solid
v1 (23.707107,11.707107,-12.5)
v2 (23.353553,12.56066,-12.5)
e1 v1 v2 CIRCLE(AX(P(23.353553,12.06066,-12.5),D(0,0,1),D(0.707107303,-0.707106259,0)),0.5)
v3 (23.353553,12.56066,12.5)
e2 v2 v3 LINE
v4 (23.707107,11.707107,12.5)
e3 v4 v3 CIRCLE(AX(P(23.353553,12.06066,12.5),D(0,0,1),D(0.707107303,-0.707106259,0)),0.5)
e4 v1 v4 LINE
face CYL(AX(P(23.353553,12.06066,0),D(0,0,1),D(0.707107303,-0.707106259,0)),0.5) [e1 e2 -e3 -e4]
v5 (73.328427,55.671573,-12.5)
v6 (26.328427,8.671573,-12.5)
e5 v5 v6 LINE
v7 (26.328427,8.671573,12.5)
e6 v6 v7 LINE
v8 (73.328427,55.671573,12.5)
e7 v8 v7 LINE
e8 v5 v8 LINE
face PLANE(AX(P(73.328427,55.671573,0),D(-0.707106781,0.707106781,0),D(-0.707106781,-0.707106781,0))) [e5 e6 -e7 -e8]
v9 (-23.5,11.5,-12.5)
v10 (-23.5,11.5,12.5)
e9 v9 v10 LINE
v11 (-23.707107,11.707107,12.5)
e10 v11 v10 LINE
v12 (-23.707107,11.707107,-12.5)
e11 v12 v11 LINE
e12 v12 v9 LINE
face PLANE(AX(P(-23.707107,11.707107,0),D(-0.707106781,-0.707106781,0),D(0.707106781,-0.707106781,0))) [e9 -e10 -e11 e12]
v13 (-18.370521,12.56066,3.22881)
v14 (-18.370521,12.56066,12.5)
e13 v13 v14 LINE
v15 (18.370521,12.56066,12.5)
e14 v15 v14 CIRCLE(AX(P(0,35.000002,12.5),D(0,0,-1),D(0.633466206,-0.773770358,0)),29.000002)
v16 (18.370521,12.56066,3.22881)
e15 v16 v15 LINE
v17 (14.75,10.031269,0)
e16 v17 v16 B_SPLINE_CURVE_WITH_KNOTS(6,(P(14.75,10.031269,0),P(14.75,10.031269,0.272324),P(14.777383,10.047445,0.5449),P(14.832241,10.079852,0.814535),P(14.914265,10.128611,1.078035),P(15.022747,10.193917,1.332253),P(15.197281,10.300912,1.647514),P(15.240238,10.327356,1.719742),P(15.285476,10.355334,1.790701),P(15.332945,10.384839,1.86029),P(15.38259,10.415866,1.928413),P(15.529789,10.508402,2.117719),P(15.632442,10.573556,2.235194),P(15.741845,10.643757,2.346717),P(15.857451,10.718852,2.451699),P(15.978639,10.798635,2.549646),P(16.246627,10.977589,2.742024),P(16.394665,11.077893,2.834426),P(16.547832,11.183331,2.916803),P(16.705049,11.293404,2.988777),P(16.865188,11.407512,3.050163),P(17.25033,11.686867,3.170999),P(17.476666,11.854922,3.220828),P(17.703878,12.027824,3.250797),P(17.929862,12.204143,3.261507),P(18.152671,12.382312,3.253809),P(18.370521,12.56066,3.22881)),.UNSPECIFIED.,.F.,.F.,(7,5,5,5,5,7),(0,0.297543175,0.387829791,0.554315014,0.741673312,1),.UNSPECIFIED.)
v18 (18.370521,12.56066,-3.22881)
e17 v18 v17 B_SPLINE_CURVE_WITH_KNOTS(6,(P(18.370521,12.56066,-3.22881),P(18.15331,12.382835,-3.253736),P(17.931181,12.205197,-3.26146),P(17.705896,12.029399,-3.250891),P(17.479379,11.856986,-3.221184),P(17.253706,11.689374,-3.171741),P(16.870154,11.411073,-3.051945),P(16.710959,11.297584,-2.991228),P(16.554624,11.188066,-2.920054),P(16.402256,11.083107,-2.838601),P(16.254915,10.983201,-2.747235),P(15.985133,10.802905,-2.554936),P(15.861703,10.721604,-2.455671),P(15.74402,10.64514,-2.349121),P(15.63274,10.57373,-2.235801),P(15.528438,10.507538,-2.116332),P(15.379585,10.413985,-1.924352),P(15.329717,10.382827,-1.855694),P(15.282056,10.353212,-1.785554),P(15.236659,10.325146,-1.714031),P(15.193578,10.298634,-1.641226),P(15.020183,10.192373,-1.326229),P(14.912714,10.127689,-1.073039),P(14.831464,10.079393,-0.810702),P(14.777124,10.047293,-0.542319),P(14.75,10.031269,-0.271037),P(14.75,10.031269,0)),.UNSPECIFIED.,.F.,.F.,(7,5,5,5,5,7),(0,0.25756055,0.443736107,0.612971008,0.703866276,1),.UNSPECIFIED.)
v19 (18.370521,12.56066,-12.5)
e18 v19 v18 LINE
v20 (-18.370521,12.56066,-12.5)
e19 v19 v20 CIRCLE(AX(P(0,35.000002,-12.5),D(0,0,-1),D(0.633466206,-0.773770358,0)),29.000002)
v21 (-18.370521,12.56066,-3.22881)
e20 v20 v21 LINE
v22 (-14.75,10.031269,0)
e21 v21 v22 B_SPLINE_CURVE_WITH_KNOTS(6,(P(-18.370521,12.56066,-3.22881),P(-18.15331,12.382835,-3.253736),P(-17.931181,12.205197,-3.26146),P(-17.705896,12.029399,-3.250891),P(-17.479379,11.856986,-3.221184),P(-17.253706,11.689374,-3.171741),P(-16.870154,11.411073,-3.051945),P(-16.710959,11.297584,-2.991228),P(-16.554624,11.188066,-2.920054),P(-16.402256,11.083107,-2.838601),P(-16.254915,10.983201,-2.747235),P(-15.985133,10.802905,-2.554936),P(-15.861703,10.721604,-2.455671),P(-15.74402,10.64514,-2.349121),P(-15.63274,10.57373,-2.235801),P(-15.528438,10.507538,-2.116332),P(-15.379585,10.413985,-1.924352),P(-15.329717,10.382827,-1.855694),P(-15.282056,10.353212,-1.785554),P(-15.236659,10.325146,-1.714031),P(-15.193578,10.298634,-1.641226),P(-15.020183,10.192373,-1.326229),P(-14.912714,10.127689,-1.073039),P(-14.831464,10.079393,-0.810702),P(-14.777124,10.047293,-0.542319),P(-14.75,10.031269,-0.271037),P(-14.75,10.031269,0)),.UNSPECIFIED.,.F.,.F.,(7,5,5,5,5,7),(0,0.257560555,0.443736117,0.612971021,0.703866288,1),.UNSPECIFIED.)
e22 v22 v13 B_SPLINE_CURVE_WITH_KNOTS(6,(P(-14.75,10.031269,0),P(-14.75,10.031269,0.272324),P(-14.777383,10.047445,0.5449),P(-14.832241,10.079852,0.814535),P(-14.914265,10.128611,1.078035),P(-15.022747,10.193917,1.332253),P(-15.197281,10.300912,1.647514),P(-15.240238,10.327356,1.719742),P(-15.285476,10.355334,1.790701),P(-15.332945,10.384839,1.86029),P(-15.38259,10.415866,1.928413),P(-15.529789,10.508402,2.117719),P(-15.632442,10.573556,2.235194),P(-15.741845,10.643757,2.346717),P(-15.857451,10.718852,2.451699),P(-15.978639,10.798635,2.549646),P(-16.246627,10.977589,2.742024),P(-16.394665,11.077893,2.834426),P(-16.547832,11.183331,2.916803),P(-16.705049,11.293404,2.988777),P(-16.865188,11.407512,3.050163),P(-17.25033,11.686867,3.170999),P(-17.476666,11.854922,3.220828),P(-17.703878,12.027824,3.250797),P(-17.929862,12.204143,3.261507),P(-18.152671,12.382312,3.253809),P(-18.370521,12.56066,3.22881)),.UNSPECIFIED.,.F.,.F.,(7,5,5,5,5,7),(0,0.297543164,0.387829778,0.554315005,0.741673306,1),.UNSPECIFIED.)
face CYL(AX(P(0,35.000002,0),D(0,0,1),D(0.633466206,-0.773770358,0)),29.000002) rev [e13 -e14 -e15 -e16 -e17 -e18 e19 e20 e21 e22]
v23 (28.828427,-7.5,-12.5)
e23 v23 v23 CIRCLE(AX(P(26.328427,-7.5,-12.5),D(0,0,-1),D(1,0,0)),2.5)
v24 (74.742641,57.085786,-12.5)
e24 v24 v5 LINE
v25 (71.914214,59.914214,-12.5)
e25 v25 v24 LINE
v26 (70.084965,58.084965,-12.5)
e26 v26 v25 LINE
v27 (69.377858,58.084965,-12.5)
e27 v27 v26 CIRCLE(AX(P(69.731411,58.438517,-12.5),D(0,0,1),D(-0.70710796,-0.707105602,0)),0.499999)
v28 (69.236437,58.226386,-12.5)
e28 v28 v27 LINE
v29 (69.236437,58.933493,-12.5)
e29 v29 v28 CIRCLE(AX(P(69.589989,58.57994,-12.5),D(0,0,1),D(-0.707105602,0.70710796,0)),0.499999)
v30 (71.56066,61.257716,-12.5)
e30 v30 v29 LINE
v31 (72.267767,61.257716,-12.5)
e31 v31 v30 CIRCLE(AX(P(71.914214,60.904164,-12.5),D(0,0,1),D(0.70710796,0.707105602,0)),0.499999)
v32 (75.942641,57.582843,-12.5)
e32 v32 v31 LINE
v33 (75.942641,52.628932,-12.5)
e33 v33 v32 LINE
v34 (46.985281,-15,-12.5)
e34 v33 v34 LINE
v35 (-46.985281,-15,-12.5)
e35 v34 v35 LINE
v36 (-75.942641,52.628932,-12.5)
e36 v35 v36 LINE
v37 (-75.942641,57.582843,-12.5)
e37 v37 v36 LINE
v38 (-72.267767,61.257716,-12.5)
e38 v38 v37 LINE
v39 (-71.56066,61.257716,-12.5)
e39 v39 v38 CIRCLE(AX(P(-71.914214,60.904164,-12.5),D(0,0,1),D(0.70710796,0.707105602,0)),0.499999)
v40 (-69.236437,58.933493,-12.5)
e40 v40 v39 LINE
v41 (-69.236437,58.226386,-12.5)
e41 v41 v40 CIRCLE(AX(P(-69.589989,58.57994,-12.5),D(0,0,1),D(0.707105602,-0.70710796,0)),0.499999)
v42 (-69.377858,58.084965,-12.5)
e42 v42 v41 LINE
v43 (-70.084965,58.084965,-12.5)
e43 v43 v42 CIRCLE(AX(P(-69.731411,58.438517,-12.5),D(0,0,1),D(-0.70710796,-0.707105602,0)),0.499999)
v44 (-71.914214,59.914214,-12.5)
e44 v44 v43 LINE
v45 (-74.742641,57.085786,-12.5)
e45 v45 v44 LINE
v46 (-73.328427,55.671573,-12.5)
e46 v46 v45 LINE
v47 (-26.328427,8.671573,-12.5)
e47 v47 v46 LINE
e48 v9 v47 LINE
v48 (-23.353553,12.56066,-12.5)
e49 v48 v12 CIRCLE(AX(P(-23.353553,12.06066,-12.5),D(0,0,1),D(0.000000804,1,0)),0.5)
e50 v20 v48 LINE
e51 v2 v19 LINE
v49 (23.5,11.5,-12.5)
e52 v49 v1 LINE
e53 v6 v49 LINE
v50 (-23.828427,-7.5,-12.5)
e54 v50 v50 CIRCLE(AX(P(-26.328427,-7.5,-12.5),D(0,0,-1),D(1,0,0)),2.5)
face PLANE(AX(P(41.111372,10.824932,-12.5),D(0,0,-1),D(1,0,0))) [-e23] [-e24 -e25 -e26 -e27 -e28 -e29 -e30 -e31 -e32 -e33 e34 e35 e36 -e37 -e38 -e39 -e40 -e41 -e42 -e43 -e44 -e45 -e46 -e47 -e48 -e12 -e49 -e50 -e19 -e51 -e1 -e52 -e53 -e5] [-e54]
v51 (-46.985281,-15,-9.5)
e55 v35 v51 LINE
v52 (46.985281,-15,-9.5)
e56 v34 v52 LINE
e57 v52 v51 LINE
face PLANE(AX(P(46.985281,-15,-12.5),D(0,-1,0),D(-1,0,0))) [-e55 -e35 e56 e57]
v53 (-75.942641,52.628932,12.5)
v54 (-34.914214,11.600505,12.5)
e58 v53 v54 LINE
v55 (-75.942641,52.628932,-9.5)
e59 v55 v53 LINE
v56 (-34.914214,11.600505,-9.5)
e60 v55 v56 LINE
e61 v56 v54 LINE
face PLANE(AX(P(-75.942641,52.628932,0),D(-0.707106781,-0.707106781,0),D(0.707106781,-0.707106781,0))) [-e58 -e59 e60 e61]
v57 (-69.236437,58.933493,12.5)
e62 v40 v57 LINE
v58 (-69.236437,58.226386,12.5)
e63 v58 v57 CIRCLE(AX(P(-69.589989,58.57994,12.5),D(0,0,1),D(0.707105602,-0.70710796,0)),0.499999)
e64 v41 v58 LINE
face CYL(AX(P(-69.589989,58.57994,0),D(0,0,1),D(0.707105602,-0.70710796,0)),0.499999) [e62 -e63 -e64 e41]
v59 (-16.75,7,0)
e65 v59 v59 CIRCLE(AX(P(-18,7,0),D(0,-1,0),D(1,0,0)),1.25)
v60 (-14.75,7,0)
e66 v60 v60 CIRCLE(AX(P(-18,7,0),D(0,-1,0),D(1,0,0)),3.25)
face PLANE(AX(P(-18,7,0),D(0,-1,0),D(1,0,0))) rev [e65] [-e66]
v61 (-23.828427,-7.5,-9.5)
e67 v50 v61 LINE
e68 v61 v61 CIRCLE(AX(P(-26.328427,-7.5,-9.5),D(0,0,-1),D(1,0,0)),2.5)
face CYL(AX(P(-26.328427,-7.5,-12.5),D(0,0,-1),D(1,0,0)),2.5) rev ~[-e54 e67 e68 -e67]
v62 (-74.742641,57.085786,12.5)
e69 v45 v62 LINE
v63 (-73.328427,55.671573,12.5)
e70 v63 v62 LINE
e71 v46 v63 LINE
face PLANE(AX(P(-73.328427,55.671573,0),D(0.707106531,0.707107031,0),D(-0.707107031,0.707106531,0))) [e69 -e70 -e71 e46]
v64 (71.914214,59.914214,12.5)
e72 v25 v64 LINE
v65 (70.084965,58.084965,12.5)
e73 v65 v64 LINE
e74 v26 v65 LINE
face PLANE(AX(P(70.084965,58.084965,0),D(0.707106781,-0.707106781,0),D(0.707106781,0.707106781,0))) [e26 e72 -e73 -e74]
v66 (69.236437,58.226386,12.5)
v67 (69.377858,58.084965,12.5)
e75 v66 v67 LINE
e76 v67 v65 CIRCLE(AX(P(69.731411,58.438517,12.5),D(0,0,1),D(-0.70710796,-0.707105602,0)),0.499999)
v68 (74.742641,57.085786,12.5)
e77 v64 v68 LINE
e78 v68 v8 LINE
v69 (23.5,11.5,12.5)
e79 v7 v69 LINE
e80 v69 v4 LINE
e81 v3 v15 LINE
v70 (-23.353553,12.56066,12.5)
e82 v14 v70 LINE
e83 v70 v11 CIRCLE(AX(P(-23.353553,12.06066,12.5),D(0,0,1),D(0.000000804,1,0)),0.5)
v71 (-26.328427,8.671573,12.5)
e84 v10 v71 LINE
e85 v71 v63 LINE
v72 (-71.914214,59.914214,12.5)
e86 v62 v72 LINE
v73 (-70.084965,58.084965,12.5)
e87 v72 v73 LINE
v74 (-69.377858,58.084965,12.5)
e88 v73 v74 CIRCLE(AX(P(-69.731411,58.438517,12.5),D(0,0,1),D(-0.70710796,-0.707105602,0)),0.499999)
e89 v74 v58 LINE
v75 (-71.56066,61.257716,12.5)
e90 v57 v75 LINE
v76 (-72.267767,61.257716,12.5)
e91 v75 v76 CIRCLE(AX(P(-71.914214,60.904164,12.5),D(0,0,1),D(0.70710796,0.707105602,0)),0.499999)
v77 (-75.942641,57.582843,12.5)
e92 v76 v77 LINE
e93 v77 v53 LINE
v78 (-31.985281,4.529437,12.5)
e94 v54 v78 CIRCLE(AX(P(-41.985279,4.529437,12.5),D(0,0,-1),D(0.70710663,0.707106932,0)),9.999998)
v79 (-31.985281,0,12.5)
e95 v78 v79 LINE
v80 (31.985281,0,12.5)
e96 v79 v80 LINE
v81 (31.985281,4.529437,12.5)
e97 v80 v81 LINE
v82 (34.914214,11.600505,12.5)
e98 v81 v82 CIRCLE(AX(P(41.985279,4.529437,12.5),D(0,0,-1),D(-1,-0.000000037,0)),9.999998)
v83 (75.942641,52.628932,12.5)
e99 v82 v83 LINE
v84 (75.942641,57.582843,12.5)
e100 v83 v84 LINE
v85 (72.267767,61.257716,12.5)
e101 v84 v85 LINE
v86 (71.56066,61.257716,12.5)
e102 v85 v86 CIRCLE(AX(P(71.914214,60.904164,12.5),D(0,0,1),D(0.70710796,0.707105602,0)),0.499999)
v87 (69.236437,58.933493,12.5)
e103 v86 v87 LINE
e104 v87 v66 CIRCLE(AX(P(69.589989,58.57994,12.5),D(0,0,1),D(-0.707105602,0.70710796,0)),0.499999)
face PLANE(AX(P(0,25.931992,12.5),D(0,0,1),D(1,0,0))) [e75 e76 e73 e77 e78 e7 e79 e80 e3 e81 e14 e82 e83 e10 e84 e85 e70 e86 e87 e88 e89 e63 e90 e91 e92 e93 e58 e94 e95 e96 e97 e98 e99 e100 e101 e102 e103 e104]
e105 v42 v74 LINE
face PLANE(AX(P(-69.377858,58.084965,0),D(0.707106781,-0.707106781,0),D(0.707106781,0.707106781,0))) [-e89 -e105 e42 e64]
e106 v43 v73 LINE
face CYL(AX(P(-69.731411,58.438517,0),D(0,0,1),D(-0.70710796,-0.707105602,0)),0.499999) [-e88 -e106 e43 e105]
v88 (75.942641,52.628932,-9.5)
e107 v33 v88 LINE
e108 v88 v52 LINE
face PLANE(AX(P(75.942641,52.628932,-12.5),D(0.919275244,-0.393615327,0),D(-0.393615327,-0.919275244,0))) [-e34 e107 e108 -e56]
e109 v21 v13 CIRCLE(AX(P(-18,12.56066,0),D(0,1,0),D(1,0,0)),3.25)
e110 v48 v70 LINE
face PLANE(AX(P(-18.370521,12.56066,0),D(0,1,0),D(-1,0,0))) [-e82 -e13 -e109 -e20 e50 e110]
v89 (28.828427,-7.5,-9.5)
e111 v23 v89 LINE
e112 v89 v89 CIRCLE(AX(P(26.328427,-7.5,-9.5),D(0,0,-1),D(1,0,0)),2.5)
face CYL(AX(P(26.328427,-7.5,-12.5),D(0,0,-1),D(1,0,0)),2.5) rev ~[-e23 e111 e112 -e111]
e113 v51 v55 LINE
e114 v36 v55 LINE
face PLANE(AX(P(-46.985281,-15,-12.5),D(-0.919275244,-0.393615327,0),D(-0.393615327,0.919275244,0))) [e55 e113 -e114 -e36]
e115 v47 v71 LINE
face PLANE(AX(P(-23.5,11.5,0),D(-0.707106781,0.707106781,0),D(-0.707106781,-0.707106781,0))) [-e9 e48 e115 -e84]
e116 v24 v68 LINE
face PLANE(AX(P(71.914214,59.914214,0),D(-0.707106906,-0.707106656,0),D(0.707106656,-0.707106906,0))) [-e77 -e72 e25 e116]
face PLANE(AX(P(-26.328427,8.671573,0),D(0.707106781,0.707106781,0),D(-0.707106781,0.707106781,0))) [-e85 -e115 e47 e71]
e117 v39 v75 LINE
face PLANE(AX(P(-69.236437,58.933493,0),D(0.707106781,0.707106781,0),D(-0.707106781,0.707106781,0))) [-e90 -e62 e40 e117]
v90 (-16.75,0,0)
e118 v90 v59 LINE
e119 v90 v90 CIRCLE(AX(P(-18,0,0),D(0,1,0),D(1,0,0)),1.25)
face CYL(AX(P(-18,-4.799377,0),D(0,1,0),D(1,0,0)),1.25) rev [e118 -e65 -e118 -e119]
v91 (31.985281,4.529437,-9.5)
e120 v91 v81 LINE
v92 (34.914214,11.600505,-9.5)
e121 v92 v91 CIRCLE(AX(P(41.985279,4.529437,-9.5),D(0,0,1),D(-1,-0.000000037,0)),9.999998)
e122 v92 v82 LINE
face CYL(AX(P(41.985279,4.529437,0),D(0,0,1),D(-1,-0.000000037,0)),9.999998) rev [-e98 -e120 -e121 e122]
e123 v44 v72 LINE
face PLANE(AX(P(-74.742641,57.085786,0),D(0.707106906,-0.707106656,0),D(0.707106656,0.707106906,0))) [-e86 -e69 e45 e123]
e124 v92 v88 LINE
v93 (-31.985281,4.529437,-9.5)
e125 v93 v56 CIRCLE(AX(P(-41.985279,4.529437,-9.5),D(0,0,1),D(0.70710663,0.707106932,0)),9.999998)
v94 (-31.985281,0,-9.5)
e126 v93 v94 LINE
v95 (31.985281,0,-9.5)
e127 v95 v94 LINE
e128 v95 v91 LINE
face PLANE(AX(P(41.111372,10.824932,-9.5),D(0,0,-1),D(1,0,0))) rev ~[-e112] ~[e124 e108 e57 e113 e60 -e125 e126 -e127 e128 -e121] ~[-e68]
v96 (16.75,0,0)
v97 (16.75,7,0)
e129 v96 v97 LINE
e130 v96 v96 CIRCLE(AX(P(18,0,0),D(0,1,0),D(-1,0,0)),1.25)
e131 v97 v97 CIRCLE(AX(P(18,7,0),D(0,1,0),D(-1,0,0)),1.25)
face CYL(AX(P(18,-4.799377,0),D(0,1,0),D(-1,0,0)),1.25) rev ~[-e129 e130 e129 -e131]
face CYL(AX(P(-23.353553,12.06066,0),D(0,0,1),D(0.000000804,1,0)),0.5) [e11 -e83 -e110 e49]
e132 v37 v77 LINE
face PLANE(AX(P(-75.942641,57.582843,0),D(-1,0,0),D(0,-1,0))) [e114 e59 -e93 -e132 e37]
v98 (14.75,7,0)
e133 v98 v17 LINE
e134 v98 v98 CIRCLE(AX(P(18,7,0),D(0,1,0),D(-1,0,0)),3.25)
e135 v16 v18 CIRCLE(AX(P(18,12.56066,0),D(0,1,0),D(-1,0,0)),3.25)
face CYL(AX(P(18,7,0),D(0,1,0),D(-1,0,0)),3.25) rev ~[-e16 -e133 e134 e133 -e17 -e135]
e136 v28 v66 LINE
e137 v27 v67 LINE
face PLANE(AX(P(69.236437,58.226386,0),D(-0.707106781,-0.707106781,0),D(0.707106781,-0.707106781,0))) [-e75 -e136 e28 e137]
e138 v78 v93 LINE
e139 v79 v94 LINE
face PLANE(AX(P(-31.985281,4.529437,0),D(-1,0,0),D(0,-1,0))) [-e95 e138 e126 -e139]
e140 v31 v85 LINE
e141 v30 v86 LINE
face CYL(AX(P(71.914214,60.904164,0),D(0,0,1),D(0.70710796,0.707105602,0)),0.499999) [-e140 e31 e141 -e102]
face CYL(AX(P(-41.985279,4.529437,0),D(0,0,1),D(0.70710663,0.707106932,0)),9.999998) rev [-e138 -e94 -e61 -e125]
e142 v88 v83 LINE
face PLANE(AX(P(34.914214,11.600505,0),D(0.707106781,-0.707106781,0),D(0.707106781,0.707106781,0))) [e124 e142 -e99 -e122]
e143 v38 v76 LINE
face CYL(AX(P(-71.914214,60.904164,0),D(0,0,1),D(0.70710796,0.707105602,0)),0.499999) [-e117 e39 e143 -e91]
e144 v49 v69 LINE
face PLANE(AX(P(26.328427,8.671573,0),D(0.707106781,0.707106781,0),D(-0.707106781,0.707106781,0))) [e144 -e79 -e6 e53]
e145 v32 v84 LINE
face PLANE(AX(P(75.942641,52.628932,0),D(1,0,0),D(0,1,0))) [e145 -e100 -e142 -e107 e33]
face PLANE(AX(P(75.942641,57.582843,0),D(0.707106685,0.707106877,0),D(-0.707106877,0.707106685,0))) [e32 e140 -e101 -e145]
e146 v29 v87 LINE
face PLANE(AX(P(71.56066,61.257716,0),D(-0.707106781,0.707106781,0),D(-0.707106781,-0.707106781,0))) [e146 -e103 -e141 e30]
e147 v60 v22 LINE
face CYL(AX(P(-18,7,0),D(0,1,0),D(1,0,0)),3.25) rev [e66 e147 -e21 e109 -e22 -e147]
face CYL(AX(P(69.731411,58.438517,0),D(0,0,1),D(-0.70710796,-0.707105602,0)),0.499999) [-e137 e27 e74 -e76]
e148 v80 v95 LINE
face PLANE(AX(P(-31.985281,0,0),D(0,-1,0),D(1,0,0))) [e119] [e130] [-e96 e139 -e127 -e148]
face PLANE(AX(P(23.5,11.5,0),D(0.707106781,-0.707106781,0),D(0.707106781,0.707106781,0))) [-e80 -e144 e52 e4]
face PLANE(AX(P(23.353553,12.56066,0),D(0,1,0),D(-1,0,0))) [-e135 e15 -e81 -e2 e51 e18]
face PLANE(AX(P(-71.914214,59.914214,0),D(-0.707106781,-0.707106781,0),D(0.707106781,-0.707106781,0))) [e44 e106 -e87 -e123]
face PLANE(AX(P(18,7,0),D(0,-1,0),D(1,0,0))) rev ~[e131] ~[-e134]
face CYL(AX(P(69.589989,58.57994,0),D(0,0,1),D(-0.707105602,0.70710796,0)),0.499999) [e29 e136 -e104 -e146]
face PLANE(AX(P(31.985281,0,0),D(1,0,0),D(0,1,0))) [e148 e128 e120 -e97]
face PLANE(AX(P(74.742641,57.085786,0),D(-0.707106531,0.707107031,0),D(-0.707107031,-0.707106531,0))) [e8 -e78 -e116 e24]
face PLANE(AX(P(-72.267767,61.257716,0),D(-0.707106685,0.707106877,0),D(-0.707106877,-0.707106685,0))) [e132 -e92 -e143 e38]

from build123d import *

# Parameters (mm, degrees)
F1_DEPTH = 12.5
F6_R     = 2.5
F7_DEPTH = 3


with BuildPart() as f1:
    # F0 (on Top) → F1 (new body, symmetric)
    with BuildSketch(Plane.XY):
        with BuildLine():
            Line((0, 0), (31.985281, 0))
            Line((31.985281, 0), (31.985281, 4.529437))
            ThreePointArc((31.985281, 4.529437), (32.746486, 8.356272), (34.914214, 11.600505))
            Line((34.914214, 11.600505), (75.942641, 52.628932))
            Line((75.942641, 52.628932), (75.942641, 57.582843))
            Line((75.942641, 57.582843), (72.267767, 61.257716))
            ThreePointArc((72.267767, 61.257716), (71.914214, 61.404163), (71.56066, 61.257716))
            Line((71.56066, 61.257716), (69.236437, 58.933493))
            ThreePointArc((69.236437, 58.933493), (69.08999, 58.57994), (69.236437, 58.226386))
            Line((69.236437, 58.226386), (69.377858, 58.084965))
            ThreePointArc((69.377858, 58.084965), (69.731411, 57.938518), (70.084965, 58.084965))
            Line((70.084965, 58.084965), (70.5, 58.5))
            Line((70.5, 58.5), (71.914214, 59.914214))
            Line((71.914214, 59.914214), (74.742641, 57.085786))
            Line((74.742641, 57.085786), (73.328427, 55.671573))
            Line((73.328427, 55.671573), (26.328427, 8.671573))
            Line((26.328427, 8.671573), (23.5, 11.5))
            Line((23.5, 11.5), (23.707107, 11.707107))
            ThreePointArc((23.707107, 11.707107), (23.815493, 12.252002), (23.353553, 12.56066))
            Line((23.353553, 12.56066), (18.370521, 12.56066))
            ThreePointArc((18.370521, 12.56066), (0, 6), (-18.370521, 12.56066))
            Line((-18.370521, 12.56066), (-23.353553, 12.56066))
            ThreePointArc((-23.353553, 12.56066), (-23.815493, 12.252002), (-23.707107, 11.707107))
            Line((-23.707107, 11.707107), (-23.5, 11.5))
            Line((-23.5, 11.5), (-26.328427, 8.671573))
            Line((-26.328427, 8.671573), (-73.328427, 55.671573))
            Line((-73.328427, 55.671573), (-74.742641, 57.085786))
            Line((-74.742641, 57.085786), (-71.914214, 59.914214))
            Line((-71.914214, 59.914214), (-70.5, 58.5))
            Line((-70.5, 58.5), (-70.084965, 58.084965))
            ThreePointArc((-70.084965, 58.084965), (-69.731411, 57.938518), (-69.377858, 58.084965))
            Line((-69.377858, 58.084965), (-69.236437, 58.226386))
            ThreePointArc((-69.236437, 58.226386), (-69.08999, 58.57994), (-69.236437, 58.933493))
            Line((-69.236437, 58.933493), (-71.56066, 61.257716))
            ThreePointArc((-71.56066, 61.257716), (-71.914214, 61.404163), (-72.267767, 61.257716))
            Line((-72.267767, 61.257716), (-75.942641, 57.582843))
            Line((-75.942641, 57.582843), (-75.942641, 52.628932))
            Line((-75.942641, 52.628932), (-34.914214, 11.600505))
            ThreePointArc((-34.914214, 11.600505), (-32.746486, 8.356272), (-31.985281, 4.529437))
            Line((-31.985281, 4.529437), (-31.985281, 0))
            Line((-31.985281, 0), (0, 0))
        make_face()
    extrude(amount=F1_DEPTH, both=True)


with BuildPart() as f3:
    # F2 (on Top) → F3 (revolve)
    with BuildSketch(Plane.XY):
        Polygon((-18, 19.219435), (-18, -4.799377), (-16.75, -4.799377), (-16.75, 7), (-14.75, 7), (-14.75, 19.219435), align=None)
    revolve(axis=Axis((-18, 7.210029, 0), (0, -1, 0)))


with BuildPart() as f4_1:
    # F4: instance of F3
    add(f3.part.mirror(Plane.YZ))


with BuildPart() as f1_1:
    add(f1.part)

    # F5: cut F3, F4_1
    add(f3.part, mode=Mode.SUBTRACT)
    add(f4_1.part, mode=Mode.SUBTRACT)

    # F6 (on face) → F7 (join)
    with BuildSketch(Plane(origin=(0, 0, -12.5), x_dir=(1, 0, 0), z_dir=(0, 0, -1))):
        Polygon((46.985281, 15), (0, 15), (0, 0), (23.313708, 0), (75.942641, -52.628932), align=None)
        with Locations((26.328427, 7.5)):
            Circle(F6_R, mode=Mode.SUBTRACT)
        Polygon((0, 0), (0, 15), (-46.985281, 15), (-75.942641, -52.628932), (-23.313708, 0), align=None)
        with Locations((-26.328427, 7.5)):
            Circle(F6_R, mode=Mode.SUBTRACT)
    extrude(amount=-F7_DEPTH)


solid = f1_1.part
